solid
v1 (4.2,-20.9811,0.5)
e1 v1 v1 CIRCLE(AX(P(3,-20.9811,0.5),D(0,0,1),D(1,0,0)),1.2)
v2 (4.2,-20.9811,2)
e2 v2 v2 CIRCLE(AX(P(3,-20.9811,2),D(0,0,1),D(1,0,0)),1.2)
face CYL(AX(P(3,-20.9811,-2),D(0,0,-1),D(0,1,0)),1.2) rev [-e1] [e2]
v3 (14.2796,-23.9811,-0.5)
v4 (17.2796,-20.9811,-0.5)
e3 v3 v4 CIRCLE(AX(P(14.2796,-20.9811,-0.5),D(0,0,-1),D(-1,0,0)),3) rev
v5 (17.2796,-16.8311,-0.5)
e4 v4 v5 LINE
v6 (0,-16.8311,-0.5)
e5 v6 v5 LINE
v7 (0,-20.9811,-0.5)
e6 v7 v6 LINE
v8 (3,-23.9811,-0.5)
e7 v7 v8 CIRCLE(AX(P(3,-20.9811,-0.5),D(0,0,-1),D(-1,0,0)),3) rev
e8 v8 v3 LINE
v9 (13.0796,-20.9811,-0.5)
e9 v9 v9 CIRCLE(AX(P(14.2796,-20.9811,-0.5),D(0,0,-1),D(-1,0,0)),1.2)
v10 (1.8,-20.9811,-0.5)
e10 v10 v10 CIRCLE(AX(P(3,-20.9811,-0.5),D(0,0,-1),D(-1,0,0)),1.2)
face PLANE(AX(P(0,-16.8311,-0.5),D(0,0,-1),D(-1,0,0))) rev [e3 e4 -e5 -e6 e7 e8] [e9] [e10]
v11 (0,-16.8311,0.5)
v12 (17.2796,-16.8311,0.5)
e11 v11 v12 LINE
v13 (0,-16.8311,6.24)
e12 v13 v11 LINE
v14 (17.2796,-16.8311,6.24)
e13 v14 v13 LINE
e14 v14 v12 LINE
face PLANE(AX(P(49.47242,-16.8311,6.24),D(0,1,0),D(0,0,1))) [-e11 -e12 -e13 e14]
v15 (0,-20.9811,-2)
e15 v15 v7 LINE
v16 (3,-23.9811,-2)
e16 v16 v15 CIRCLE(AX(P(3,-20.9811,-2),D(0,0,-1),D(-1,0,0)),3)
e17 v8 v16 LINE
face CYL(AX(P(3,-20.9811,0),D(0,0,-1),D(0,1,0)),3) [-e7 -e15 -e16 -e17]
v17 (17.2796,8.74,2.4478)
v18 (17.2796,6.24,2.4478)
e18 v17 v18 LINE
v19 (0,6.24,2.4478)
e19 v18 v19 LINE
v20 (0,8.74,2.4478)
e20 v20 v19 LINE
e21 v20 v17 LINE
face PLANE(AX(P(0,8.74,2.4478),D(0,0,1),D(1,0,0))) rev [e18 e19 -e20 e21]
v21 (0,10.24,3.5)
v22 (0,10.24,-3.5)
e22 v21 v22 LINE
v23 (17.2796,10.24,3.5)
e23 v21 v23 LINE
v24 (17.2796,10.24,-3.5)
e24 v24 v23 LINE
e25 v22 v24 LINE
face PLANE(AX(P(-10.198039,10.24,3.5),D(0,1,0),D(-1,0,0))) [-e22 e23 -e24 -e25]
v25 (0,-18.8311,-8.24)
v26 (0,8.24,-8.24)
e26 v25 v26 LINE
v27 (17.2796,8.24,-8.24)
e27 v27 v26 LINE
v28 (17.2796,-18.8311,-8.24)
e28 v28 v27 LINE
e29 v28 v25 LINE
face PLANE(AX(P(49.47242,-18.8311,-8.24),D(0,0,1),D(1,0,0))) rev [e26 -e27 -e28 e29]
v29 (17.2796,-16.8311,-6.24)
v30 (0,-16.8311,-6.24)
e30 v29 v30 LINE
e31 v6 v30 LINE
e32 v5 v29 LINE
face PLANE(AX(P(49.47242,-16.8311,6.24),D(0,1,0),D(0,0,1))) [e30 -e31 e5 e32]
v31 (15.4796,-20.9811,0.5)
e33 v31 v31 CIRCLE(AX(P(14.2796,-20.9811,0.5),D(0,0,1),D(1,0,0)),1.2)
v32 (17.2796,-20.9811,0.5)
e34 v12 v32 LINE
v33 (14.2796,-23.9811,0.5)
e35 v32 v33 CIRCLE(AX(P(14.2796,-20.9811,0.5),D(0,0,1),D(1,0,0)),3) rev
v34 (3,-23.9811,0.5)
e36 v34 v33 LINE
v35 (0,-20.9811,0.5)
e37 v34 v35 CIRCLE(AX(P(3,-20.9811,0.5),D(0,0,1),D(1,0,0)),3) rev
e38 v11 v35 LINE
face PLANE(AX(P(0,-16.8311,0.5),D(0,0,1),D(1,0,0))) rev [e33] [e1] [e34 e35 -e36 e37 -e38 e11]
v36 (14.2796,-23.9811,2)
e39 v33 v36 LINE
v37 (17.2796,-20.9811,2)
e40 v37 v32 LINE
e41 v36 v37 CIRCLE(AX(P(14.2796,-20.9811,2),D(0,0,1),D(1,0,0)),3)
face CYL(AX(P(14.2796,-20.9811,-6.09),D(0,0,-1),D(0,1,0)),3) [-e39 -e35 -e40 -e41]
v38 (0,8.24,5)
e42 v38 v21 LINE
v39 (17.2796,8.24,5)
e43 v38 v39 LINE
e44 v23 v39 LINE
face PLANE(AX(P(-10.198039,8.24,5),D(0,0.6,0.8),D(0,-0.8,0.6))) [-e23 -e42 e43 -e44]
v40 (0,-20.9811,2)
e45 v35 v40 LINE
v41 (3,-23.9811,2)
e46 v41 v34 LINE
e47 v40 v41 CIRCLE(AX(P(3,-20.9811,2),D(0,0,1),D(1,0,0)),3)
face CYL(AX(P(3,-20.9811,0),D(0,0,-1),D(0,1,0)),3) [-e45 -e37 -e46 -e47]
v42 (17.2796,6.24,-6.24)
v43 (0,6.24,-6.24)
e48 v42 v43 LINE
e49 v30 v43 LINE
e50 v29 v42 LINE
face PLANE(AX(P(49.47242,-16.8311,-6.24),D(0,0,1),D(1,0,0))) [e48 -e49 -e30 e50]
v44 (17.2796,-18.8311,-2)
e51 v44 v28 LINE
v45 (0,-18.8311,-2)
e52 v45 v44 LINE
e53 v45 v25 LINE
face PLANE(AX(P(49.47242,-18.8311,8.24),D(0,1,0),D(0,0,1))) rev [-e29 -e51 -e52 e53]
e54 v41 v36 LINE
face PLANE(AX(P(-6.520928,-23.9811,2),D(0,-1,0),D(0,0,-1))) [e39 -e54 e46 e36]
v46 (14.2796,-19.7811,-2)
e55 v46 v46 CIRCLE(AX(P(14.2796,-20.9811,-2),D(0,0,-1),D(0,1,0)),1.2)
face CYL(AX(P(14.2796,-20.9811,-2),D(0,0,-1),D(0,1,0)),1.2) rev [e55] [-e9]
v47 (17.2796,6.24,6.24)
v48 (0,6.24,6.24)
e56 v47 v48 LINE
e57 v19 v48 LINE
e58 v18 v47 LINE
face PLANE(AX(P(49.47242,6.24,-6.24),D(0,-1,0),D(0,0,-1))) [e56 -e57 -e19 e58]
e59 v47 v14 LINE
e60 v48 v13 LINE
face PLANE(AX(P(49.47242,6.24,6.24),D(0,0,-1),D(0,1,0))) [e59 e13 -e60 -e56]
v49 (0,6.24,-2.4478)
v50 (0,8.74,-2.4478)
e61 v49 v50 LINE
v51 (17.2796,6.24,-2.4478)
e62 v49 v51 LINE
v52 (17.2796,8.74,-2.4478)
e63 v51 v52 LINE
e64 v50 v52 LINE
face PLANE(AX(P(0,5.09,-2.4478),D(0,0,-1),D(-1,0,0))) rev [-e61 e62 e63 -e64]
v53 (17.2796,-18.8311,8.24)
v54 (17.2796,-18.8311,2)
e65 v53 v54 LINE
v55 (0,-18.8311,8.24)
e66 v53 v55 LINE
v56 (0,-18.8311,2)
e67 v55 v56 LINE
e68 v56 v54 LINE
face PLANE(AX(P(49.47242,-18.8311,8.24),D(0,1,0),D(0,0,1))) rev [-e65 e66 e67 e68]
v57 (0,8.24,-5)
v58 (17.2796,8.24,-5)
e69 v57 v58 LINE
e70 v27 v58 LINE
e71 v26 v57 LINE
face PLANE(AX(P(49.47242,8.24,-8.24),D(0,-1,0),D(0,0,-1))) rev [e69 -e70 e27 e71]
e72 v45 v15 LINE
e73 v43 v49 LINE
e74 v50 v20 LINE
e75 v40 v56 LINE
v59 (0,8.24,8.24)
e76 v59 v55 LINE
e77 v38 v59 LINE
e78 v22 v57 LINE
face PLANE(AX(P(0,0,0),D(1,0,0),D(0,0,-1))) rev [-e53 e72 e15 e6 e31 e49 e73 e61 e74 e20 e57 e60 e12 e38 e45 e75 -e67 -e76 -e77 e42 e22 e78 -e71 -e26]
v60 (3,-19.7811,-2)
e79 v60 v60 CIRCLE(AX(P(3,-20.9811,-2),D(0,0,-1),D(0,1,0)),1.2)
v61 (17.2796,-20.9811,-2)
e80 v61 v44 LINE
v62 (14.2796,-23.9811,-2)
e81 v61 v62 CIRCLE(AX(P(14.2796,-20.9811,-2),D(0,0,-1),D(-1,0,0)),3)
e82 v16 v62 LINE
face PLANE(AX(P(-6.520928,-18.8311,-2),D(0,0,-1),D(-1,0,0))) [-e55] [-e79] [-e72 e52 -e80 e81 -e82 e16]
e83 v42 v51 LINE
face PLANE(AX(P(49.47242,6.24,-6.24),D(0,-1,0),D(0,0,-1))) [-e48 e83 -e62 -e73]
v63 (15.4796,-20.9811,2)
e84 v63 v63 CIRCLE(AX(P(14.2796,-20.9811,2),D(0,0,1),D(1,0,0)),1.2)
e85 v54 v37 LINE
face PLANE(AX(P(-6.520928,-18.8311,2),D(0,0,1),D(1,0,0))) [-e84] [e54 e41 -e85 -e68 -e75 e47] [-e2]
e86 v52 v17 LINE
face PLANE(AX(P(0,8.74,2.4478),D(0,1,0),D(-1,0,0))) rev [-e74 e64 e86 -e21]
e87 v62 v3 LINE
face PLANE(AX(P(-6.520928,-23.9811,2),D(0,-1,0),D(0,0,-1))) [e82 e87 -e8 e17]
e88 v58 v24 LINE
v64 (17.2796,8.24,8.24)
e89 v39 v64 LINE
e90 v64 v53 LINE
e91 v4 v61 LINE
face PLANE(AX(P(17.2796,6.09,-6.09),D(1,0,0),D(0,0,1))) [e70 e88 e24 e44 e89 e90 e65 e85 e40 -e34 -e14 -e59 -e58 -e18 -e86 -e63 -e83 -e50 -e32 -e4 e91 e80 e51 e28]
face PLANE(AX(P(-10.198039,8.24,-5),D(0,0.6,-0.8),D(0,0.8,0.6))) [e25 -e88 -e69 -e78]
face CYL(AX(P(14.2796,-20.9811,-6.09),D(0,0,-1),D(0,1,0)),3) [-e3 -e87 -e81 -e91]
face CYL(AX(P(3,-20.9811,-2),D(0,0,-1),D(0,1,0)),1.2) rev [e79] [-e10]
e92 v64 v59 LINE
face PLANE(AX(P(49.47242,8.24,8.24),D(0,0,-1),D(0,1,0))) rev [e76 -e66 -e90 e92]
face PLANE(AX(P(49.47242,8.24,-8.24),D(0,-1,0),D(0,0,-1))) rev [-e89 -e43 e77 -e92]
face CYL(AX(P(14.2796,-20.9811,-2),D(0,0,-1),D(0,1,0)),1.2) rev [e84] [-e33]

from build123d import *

# Parameters (mm, degrees)
SKETCH1_W            = 16.48
SKETCH1_H            = 27.0711
SKETCH1_W_2          = 12.48
SKETCH1_H_2          = 23.0711
BOSS_EXTRUDE1_DEPTH  = 17.2796
BOSS_EXTRUDE2_DEPTH  = 17.2796
SKETCH3_W            = 4.8956
SKETCH3_H            = 3.65
CUT_EXTRUDE1_DEPTH   = 27.853165612
SKETCH4_W            = 4
SKETCH4_H            = 5.15
BOSS_EXTRUDE3_DEPTH  = 17.2796
FILLET1_R            = 3
SKETCH5_W            = 1
SKETCH5_H            = 7.15
CUT_EXTRUDE3_DEPTH   = 31.685099533
M2_CLEARANCE_HOLE1_D = 2.4


with BuildPart() as part:
    # Sketch1 → Boss-Extrude1 (new body)
    with BuildSketch(Plane(origin=(0, 0, 0), x_dir=(0, 0, -1), z_dir=(1, 0, 0))):
        with Locations((0, -5.29555)):
            Rectangle(SKETCH1_W, SKETCH1_H)
        with Locations((0, -5.29555)):
            Rectangle(SKETCH1_W_2, SKETCH1_H_2, mode=Mode.SUBTRACT)
    extrude(amount=BOSS_EXTRUDE1_DEPTH)

    # Sketch2 → Boss-Extrude2 (add)
    with BuildSketch(Plane(origin=(17.2796, 0, 0), x_dir=(0, 0, -1), z_dir=(1, 0, 0))):
        Polygon((-5, 8.24), (5, 8.24), (3.5, 10.24), (-3.5, 10.24), align=None)
    extrude(amount=-BOSS_EXTRUDE2_DEPTH)

    # Sketch3 → Cut-Extrude1 (cut, through all)
    with BuildSketch(Plane(origin=(17.2796, 0, 0), x_dir=(0, 0, -1), z_dir=(1, 0, 0))):
        with Locations((0, 6.915)):
            Rectangle(SKETCH3_W, SKETCH3_H)
    extrude(amount=-CUT_EXTRUDE1_DEPTH, mode=Mode.SUBTRACT)

    # Sketch4 → Boss-Extrude3 (add)
    with BuildSketch(Plane(origin=(17.2796, 0, 0), x_dir=(0, 0, -1), z_dir=(1, 0, 0))):
        with Locations((0, -21.4061)):
            Rectangle(SKETCH4_W, SKETCH4_H)
    extrude(amount=-BOSS_EXTRUDE3_DEPTH)

    # Fillet1
    fillet1_edges = [part.edges().sort_by_distance(p)[0] for p in [
        (17.2796, -23.9811, 0),
        (0, -23.9811, 0),
    ]]
    fillet(fillet1_edges, radius=FILLET1_R)

    # Sketch5 → Cut-Extrude3 (cut, through all)
    with BuildSketch(Plane(origin=(17.2796, 0, 0), x_dir=(0, 0, -1), z_dir=(1, 0, 0))):
        with Locations((0, -20.4061)):
            Rectangle(SKETCH5_W, SKETCH5_H)
    extrude(amount=-CUT_EXTRUDE3_DEPTH, mode=Mode.SUBTRACT)

    # M2 Clearance Hole1 (through all)
    with Locations(Plane(origin=(0, 0, -2), x_dir=(-1, 0, 0), z_dir=(0, 0, -1))):
        with Locations((-14.2796, -20.9811), (-3, -20.9811)):
            Hole(M2_CLEARANCE_HOLE1_D / 2)


solid = part.part
